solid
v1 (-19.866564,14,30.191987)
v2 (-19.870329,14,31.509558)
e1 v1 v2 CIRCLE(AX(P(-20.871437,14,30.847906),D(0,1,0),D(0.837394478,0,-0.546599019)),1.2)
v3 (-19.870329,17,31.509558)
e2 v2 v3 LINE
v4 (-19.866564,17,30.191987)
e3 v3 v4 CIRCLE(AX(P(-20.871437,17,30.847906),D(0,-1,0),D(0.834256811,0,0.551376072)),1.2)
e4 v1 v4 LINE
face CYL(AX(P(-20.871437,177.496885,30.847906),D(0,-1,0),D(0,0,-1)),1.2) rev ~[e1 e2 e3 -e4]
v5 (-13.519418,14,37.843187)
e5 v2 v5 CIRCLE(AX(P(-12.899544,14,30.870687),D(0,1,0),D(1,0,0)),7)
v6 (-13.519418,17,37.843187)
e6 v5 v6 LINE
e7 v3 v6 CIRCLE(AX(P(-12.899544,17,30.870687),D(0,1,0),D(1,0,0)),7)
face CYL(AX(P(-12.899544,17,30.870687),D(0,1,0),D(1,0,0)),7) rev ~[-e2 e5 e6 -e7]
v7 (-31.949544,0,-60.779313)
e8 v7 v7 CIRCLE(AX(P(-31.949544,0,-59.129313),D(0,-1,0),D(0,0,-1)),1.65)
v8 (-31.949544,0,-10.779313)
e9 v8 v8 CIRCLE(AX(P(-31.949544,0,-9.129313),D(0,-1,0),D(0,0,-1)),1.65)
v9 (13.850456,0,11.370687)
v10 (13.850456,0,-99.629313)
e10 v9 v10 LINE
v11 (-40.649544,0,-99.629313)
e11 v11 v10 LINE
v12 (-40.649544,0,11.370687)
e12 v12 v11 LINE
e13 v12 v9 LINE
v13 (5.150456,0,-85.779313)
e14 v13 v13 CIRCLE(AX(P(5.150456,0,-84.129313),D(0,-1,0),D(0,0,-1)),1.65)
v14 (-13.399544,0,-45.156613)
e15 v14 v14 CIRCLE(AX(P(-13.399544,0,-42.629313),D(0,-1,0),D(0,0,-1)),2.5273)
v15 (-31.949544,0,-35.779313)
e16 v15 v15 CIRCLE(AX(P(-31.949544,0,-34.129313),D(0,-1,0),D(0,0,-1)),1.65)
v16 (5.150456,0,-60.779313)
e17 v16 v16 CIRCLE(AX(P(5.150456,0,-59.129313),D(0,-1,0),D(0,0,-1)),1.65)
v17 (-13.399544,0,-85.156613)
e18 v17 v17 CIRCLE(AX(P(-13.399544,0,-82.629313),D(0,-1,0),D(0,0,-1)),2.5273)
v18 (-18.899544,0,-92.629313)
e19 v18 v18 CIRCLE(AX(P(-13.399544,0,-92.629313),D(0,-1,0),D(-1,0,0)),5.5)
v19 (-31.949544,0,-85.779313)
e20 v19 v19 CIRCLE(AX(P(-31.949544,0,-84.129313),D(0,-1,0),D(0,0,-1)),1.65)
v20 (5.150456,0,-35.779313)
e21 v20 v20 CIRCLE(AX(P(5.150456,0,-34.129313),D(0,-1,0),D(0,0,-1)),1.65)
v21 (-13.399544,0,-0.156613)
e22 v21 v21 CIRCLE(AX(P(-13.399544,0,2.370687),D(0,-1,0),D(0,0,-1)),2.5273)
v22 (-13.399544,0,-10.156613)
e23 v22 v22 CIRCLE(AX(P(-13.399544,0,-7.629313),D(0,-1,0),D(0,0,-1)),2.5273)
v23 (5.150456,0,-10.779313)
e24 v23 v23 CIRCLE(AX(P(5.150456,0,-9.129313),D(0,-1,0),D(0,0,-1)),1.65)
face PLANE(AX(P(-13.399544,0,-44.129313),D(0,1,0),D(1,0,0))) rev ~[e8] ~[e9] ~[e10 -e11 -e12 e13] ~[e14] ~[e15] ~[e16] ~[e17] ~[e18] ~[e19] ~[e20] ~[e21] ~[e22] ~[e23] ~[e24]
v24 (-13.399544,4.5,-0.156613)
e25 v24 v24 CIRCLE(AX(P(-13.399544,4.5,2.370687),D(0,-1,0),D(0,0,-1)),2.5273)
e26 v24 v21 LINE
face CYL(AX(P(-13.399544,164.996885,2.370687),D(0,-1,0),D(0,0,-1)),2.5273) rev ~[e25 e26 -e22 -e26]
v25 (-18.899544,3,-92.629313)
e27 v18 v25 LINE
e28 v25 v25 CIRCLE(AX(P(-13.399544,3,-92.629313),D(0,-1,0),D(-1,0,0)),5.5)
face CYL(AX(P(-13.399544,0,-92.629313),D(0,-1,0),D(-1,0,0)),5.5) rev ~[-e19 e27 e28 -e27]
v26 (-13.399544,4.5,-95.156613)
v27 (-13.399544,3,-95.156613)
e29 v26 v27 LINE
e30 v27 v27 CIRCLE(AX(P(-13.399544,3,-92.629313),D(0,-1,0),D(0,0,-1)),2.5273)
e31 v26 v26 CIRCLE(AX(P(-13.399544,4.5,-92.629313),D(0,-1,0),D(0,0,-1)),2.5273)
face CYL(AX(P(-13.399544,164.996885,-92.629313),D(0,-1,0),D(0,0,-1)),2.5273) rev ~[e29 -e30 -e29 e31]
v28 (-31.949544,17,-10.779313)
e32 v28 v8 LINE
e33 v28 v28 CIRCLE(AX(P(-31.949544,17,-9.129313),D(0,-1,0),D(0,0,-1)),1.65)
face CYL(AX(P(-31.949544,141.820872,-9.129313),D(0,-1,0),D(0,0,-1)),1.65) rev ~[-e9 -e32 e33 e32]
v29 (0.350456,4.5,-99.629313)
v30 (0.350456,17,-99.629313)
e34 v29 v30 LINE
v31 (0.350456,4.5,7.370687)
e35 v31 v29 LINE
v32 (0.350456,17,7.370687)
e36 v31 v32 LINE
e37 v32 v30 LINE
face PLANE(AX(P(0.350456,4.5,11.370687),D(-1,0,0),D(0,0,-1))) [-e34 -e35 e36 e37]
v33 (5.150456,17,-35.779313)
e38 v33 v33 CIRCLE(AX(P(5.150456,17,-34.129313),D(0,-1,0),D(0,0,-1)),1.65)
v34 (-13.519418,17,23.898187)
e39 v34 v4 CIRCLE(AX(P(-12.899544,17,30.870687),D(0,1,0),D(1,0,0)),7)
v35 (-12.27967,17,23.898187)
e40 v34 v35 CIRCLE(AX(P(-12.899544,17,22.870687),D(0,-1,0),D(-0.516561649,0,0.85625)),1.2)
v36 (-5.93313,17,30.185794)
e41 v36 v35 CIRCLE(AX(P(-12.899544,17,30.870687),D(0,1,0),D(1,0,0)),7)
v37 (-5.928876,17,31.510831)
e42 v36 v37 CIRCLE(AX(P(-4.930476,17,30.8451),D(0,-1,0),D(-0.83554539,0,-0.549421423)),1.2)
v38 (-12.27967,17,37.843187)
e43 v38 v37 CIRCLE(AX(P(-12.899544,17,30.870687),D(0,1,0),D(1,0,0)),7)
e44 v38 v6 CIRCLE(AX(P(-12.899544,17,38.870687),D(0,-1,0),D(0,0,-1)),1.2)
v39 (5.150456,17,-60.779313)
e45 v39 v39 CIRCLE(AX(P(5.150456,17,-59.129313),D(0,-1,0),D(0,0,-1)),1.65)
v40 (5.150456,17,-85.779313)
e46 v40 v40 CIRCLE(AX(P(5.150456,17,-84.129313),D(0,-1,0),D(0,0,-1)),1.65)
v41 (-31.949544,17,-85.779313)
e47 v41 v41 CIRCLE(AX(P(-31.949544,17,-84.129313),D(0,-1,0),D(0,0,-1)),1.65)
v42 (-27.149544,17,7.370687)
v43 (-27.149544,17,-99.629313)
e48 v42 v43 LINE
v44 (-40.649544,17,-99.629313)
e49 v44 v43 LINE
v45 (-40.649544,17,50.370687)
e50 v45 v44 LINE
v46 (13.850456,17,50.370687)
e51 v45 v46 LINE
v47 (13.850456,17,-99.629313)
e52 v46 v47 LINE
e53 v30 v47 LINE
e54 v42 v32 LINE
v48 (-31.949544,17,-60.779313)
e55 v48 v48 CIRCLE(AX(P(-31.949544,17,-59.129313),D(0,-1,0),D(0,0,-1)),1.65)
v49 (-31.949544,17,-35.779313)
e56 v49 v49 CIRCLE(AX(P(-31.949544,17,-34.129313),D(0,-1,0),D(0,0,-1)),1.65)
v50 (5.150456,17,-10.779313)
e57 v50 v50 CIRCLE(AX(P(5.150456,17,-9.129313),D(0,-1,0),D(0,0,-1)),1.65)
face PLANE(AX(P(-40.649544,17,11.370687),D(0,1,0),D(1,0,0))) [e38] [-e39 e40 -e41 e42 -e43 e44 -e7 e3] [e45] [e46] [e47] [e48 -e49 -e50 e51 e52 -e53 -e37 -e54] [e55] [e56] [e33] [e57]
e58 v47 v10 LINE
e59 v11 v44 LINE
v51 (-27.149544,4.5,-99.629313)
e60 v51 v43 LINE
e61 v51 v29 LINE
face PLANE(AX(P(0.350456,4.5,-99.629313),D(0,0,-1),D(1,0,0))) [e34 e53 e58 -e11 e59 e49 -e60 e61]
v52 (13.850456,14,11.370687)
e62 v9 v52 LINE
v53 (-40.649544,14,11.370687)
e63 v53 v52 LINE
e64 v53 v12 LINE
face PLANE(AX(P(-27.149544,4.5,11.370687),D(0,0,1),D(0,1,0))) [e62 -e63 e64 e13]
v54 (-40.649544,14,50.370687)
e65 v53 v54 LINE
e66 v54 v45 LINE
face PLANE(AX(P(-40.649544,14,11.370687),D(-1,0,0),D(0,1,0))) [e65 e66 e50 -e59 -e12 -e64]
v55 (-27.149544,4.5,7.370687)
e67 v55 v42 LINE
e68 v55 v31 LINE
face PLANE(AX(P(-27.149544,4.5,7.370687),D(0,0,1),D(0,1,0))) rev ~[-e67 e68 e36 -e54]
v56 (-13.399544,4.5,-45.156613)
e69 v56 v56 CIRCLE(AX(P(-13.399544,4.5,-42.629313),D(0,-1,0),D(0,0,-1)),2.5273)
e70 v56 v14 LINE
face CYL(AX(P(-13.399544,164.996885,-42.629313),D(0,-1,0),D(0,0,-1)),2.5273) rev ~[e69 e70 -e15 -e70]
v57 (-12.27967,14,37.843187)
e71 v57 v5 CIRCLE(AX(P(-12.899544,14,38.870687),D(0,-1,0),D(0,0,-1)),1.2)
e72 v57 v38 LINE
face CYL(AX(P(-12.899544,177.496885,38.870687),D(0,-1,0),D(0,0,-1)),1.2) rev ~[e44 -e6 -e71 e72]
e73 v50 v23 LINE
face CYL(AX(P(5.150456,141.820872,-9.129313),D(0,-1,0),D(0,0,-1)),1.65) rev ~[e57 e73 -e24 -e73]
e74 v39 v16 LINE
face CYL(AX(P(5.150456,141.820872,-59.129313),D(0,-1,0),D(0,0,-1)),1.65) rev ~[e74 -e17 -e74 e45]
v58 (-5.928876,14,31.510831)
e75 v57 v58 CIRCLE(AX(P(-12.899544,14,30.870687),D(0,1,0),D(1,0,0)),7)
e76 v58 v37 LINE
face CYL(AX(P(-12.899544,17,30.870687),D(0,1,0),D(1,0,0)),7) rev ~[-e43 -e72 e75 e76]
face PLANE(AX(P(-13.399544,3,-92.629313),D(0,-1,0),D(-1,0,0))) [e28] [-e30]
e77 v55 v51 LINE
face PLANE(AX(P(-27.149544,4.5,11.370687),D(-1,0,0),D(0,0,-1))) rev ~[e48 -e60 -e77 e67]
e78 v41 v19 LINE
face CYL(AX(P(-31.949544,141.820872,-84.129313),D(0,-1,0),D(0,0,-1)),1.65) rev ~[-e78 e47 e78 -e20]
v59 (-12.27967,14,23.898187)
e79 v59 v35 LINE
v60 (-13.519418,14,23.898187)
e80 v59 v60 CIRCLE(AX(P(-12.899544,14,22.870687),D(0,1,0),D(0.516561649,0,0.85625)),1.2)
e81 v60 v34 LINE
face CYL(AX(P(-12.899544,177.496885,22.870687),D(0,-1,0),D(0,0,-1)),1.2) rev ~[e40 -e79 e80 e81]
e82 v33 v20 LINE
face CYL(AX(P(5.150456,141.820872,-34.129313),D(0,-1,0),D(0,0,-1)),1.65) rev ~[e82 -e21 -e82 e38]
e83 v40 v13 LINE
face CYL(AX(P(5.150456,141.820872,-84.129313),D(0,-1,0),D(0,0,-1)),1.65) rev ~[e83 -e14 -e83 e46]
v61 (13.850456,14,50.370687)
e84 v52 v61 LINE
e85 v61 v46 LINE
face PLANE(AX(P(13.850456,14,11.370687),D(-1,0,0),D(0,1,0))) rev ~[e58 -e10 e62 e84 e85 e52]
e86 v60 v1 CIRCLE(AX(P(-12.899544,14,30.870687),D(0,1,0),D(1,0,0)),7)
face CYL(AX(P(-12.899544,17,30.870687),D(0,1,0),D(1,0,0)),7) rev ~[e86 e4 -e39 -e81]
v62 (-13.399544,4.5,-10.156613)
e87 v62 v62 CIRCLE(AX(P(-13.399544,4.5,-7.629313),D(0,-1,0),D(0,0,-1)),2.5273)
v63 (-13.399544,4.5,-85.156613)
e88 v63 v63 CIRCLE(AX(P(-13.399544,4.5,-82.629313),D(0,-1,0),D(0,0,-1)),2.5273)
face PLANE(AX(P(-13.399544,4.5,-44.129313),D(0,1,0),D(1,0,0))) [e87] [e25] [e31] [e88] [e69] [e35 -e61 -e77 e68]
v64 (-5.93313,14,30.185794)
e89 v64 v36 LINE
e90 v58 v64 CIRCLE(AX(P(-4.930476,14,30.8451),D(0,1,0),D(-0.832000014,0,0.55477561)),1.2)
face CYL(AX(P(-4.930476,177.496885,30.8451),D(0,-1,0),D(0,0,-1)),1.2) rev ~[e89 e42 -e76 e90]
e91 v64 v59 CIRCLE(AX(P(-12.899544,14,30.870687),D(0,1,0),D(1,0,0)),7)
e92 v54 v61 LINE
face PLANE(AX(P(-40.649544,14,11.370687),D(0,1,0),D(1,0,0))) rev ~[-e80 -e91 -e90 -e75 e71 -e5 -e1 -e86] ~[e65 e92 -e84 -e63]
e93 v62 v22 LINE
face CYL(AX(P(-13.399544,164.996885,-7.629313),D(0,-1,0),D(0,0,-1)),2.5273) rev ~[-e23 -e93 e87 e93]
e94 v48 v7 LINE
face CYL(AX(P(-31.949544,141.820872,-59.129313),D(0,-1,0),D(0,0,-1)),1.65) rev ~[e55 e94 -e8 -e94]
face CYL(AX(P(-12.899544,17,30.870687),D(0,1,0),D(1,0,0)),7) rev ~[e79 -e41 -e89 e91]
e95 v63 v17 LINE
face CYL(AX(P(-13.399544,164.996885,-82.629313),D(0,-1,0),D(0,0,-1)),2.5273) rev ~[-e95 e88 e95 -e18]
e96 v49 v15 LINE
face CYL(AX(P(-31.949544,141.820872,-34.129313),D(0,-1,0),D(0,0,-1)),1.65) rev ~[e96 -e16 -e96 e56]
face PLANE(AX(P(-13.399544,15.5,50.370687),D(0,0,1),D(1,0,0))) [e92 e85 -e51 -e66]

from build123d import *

# Parameters (mm, degrees)
SKETCH1_W                  = 54.5
SKETCH1_H                  = 111
BOSS_EXTRUDE1_DEPTH        = 4.5
SKETCH2_W                  = 13.5
SKETCH2_H                  = 111
BOSS_EXTRUDE2_DEPTH        = 12.5
M4X0_7_TAPPED_HOLE1_D      = 3.3
SKETCH6_W                  = 4
SKETCH6_H                  = 12.5
BOSS_EXTRUDE3_DEPTH        = 37
SKETCH7_W                  = 54.5
SKETCH7_H                  = 3
BOSS_EXTRUDE5_DEPTH        = 39
SKETCH8_R                  = 7
CUT_EXTRUDE1_DEPTH         = 3
M2_CLEARANCE_HOLE1_D       = 2.4
F_8_0_199_DIAMETER_HOLE1_D = 5.0546
SKETCH12_R                 = 5.5
CUT_EXTRUDE3_DEPTH         = 3


with BuildPart() as part:
    # Sketch1 → Boss-Extrude1 (new body)
    with BuildSketch(Plane(origin=(0, 0, 0), x_dir=(1, 0, 0), z_dir=(0, 1, 0))):
        with Locations((-13.399543841, 44.129312584)):
            Rectangle(SKETCH1_W, SKETCH1_H)
    extrude(amount=BOSS_EXTRUDE1_DEPTH)

    # Sketch2 → Boss-Extrude2 (add)
    with BuildSketch(Plane(origin=(0, 4.5, 0), x_dir=(1, 0, 0), z_dir=(0, 1, 0))):
        with Locations((7.100456159, 44.129312584)):
            Rectangle(SKETCH2_W, SKETCH2_H)
        with Locations((-33.899543841, 44.129312584)):
            Rectangle(SKETCH2_W, SKETCH2_H)
    extrude(amount=BOSS_EXTRUDE2_DEPTH)

    # M4x0.7 Tapped Hole1 (through all)
    with Locations(Plane(origin=(-31.949543841, 17, -9.129312584), x_dir=(0, 0, 1), z_dir=(0, 1, 0))):
        with Locations((0, 0), (-25, 0), (-50, 0), (-75, 0), (0, 37.1), (-25, 37.1), (-50, 37.1), (-75, 37.1)):
            Hole(M4X0_7_TAPPED_HOLE1_D / 2)

    # Sketch6 → Boss-Extrude3 (add)
    with BuildSketch(Plane(origin=(-27.149543841, 0, 0), x_dir=(0, 0, -1), z_dir=(1, 0, 0))):
        with Locations((-9.370687416, 10.75)):
            Rectangle(SKETCH6_W, SKETCH6_H)
    extrude(amount=BOSS_EXTRUDE3_DEPTH)

    # Sketch7 → Boss-Extrude5 (add)
    with BuildSketch(Plane.XY.offset(11.370687416)):
        with Locations((-13.399543841, 15.5)):
            Rectangle(SKETCH7_W, SKETCH7_H)
    extrude(amount=BOSS_EXTRUDE5_DEPTH)

    # Sketch8 → Cut-Extrude1 (cut)
    with BuildSketch(Plane(origin=(0, 17, 0), x_dir=(1, 0, 0), z_dir=(0, 1, 0))):
        with Locations((-12.899543841, -30.870687416)):
            Circle(SKETCH8_R)
    extrude(amount=-CUT_EXTRUDE1_DEPTH, mode=Mode.SUBTRACT)

    # M2 Clearance Hole1 (through all)
    with Locations(Plane(origin=(-20.871437118, 17, 30.847906254), x_dir=(0, 0, 1), z_dir=(0, 1, 0))):
        with Locations((0, 0), (-7.977218838, 7.971893277), (8.022781162, 7.971893277), (-0.002806072, 15.940961576)):
            Hole(M2_CLEARANCE_HOLE1_D / 2)

    # #8 (0.199) Diameter Hole1 (through all)
    with Locations(Plane(origin=(-13.399543841, 4.5, 2.370687416), x_dir=(0, 0, 1), z_dir=(0, 1, 0))):
        with Locations((0, 0), (-10, 0), (-45, 0), (-85, 0), (-95, 0)):
            Hole(F_8_0_199_DIAMETER_HOLE1_D / 2)

    # Sketch12 → Cut-Extrude3 (cut)
    with BuildSketch(Plane(origin=(0, 0, 0), x_dir=(-1, 0, 0), z_dir=(0, -1, 0))):
        with Locations((13.399543841, 92.629312584)):
            Circle(SKETCH12_R)
    extrude(amount=-CUT_EXTRUDE3_DEPTH, mode=Mode.SUBTRACT)


solid = part.part
